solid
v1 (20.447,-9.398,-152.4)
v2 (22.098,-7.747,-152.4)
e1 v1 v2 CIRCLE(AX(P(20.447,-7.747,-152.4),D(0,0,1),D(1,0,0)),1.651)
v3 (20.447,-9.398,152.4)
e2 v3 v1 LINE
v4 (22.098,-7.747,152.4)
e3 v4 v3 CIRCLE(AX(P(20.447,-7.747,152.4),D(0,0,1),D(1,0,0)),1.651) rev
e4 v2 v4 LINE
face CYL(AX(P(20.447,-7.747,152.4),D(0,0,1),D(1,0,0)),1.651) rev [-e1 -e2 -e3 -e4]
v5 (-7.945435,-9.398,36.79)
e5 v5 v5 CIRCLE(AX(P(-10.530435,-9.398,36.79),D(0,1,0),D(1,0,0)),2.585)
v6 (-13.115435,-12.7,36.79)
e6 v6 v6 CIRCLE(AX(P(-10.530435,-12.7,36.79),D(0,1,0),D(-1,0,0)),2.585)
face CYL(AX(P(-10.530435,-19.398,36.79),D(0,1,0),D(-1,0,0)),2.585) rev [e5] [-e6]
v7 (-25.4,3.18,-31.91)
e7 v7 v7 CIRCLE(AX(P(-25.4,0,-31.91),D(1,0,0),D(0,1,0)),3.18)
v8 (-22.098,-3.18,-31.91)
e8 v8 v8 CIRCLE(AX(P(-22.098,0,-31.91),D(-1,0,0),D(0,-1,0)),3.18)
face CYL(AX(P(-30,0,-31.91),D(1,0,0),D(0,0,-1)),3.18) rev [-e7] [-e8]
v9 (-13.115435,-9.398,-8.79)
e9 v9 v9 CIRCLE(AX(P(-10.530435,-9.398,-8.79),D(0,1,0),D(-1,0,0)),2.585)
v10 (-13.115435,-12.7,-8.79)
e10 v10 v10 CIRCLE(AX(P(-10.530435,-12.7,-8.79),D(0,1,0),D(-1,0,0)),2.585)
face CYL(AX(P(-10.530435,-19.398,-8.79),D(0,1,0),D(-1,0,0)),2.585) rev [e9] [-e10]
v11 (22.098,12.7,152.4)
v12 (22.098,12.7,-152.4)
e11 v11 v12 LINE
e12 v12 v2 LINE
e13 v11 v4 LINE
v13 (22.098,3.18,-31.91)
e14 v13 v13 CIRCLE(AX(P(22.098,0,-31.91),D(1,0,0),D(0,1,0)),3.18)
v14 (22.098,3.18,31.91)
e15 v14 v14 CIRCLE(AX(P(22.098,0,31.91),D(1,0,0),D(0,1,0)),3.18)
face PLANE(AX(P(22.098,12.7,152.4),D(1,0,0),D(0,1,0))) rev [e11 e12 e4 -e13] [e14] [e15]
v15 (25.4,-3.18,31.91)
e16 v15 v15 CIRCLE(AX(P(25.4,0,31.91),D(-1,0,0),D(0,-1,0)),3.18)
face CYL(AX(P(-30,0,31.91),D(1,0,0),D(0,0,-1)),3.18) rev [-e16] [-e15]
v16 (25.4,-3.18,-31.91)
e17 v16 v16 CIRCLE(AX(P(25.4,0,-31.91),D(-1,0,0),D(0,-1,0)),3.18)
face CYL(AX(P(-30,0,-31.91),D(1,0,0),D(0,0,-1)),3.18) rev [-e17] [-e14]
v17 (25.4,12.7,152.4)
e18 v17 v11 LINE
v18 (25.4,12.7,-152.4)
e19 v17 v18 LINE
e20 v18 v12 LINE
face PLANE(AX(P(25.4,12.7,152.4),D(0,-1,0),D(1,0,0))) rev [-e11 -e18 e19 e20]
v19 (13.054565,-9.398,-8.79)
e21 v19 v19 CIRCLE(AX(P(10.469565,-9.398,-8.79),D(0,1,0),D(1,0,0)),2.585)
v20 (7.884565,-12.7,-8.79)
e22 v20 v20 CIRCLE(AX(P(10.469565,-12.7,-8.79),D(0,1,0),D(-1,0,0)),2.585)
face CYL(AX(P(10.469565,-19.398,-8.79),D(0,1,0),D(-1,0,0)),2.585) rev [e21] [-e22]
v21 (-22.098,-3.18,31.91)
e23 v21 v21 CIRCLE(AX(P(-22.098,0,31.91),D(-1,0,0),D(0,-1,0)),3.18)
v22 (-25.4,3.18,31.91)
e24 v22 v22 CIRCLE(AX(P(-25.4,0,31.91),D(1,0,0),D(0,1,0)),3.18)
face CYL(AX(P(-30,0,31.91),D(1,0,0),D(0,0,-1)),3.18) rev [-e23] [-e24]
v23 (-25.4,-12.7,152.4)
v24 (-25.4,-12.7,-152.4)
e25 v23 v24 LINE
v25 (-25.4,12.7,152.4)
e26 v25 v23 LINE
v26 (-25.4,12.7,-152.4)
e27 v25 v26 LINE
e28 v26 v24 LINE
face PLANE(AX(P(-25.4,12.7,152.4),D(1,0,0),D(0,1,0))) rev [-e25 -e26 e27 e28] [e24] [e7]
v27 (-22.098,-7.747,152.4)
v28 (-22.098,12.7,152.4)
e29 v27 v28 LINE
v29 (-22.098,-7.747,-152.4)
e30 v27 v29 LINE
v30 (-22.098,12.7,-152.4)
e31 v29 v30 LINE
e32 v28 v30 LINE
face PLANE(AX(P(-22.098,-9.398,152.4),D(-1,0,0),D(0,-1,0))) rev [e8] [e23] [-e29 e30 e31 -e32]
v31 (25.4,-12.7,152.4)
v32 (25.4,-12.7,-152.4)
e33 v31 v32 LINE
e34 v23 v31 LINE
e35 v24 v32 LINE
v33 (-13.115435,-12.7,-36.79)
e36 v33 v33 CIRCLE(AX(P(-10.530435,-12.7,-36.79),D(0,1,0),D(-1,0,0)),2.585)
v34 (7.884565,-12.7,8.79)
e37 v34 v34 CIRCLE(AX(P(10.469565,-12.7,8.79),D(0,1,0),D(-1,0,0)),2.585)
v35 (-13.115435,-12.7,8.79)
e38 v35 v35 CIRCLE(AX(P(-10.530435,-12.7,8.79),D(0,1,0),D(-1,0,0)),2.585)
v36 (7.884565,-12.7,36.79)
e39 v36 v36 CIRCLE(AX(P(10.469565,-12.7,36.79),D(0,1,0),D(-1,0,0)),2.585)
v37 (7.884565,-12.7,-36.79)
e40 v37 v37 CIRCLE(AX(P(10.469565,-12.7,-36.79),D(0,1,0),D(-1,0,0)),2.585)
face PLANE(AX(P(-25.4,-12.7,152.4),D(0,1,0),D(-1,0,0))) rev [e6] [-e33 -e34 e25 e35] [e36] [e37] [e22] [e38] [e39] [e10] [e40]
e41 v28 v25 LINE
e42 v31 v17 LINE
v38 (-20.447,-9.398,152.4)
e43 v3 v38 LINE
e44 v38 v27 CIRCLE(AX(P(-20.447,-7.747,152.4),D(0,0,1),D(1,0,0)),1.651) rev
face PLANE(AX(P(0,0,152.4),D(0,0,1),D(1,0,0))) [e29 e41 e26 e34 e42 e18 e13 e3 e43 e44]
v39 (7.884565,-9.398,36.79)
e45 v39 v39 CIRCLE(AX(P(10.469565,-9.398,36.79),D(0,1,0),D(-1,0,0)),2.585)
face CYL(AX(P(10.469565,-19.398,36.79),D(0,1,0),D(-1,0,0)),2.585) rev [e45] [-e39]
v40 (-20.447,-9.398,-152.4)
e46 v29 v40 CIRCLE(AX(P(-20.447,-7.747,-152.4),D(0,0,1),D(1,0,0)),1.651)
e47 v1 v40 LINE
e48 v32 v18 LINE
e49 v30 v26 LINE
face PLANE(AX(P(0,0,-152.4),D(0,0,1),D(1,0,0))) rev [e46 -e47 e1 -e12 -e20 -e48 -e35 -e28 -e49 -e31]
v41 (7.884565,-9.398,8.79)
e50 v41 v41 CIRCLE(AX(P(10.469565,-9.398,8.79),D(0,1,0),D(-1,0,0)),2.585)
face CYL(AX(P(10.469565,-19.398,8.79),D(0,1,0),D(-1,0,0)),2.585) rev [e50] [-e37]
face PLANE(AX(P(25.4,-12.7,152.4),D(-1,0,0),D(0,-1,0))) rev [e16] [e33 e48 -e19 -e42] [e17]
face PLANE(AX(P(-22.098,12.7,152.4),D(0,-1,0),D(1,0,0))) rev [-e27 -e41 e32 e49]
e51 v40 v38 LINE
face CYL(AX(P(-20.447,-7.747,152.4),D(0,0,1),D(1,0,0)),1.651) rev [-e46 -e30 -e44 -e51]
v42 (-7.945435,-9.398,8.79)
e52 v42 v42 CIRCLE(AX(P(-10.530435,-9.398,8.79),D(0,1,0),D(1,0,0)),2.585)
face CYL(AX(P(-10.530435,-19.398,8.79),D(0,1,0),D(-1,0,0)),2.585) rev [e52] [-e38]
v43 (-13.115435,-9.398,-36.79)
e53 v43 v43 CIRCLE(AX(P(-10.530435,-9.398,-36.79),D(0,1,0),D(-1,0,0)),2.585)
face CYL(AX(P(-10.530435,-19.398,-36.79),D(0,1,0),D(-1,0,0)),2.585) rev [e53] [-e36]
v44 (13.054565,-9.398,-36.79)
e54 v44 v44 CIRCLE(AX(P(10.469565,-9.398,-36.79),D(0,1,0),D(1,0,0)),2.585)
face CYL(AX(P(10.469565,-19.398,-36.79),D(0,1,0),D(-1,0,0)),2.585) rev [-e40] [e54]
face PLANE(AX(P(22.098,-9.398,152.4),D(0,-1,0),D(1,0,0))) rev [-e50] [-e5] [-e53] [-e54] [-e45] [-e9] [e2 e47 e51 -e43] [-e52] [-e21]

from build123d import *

# Parameters (mm, degrees)
BOSS_EXTRUDE1_DEPTH = 152.4
FILLET1_R           = 1.651
SKETCH4_R           = 2.585
CUT_EXTRUDE1_DEPTH  = 10
SKETCH9_R           = 3.18
CUT_EXTRUDE2_DEPTH  = 30


with BuildPart() as part:
    # Sketch3 → Boss-Extrude1 (new, symmetric)
    with BuildSketch(Plane.XY):
        Polygon((-25.4, 12.7), (-25.4, -12.7), (25.4, -12.7), (25.4, 12.7), (22.098, 12.7), (22.098, -9.398), (-22.098, -9.398), (-22.098, 12.7), align=None)
    extrude(amount=BOSS_EXTRUDE1_DEPTH, both=True)

    # Fillet1
    fillet1_edges = [part.edges().sort_by_distance(p)[0] for p in [
        (-22.098, -9.398, 0),
        (22.098, -9.398, 0),
    ]]
    fillet(fillet1_edges, radius=FILLET1_R)

    # Sketch4 → Cut-Extrude1 (cut)
    with BuildSketch(Plane(origin=(0, -9.398, 0), x_dir=(1, 0, 0), z_dir=(0, 1, 0))):
        with Locations(Location((-10.530435142, 8.79, 0), (0, 0, 180))):
            Circle(SKETCH4_R)
        with Locations(Location((10.469564858, 8.79, 0), (0, 0, 180))):
            Circle(SKETCH4_R)
        with Locations(Location((-10.530435142, 36.79, 0), (0, 0, 180))):
            Circle(SKETCH4_R)
        with Locations(Location((10.469564858, 36.79, 0), (0, 0, 180))):
            Circle(SKETCH4_R)
        with Locations(Location((-10.530435142, -36.79, 0), (0, 0, 180))):
            Circle(SKETCH4_R)
        with Locations(Location((10.469564858, -36.79, 0), (0, 0, 180))):
            Circle(SKETCH4_R)
        with Locations(Location((10.469564858, -8.79, 0), (0, 0, 180))):
            Circle(SKETCH4_R)
        with Locations(Location((-10.530435142, -8.79, 0), (0, 0, 180))):
            Circle(SKETCH4_R)
    extrude(amount=-CUT_EXTRUDE1_DEPTH, mode=Mode.SUBTRACT)

    # Sketch9 → Cut-Extrude2 (cut, symmetric)
    with BuildSketch(Plane(origin=(0, 0, 0), x_dir=(0, 0, -1), z_dir=(1, 0, 0))):
        with Locations(Location((-31.91, 0, 0), (0, 0, 270))):
            Circle(SKETCH9_R)
        with Locations(Location((31.91, 0, 0), (0, 0, 270))):
            Circle(SKETCH9_R)
    extrude(amount=CUT_EXTRUDE2_DEPTH, both=True, mode=Mode.SUBTRACT)


solid = part.part
